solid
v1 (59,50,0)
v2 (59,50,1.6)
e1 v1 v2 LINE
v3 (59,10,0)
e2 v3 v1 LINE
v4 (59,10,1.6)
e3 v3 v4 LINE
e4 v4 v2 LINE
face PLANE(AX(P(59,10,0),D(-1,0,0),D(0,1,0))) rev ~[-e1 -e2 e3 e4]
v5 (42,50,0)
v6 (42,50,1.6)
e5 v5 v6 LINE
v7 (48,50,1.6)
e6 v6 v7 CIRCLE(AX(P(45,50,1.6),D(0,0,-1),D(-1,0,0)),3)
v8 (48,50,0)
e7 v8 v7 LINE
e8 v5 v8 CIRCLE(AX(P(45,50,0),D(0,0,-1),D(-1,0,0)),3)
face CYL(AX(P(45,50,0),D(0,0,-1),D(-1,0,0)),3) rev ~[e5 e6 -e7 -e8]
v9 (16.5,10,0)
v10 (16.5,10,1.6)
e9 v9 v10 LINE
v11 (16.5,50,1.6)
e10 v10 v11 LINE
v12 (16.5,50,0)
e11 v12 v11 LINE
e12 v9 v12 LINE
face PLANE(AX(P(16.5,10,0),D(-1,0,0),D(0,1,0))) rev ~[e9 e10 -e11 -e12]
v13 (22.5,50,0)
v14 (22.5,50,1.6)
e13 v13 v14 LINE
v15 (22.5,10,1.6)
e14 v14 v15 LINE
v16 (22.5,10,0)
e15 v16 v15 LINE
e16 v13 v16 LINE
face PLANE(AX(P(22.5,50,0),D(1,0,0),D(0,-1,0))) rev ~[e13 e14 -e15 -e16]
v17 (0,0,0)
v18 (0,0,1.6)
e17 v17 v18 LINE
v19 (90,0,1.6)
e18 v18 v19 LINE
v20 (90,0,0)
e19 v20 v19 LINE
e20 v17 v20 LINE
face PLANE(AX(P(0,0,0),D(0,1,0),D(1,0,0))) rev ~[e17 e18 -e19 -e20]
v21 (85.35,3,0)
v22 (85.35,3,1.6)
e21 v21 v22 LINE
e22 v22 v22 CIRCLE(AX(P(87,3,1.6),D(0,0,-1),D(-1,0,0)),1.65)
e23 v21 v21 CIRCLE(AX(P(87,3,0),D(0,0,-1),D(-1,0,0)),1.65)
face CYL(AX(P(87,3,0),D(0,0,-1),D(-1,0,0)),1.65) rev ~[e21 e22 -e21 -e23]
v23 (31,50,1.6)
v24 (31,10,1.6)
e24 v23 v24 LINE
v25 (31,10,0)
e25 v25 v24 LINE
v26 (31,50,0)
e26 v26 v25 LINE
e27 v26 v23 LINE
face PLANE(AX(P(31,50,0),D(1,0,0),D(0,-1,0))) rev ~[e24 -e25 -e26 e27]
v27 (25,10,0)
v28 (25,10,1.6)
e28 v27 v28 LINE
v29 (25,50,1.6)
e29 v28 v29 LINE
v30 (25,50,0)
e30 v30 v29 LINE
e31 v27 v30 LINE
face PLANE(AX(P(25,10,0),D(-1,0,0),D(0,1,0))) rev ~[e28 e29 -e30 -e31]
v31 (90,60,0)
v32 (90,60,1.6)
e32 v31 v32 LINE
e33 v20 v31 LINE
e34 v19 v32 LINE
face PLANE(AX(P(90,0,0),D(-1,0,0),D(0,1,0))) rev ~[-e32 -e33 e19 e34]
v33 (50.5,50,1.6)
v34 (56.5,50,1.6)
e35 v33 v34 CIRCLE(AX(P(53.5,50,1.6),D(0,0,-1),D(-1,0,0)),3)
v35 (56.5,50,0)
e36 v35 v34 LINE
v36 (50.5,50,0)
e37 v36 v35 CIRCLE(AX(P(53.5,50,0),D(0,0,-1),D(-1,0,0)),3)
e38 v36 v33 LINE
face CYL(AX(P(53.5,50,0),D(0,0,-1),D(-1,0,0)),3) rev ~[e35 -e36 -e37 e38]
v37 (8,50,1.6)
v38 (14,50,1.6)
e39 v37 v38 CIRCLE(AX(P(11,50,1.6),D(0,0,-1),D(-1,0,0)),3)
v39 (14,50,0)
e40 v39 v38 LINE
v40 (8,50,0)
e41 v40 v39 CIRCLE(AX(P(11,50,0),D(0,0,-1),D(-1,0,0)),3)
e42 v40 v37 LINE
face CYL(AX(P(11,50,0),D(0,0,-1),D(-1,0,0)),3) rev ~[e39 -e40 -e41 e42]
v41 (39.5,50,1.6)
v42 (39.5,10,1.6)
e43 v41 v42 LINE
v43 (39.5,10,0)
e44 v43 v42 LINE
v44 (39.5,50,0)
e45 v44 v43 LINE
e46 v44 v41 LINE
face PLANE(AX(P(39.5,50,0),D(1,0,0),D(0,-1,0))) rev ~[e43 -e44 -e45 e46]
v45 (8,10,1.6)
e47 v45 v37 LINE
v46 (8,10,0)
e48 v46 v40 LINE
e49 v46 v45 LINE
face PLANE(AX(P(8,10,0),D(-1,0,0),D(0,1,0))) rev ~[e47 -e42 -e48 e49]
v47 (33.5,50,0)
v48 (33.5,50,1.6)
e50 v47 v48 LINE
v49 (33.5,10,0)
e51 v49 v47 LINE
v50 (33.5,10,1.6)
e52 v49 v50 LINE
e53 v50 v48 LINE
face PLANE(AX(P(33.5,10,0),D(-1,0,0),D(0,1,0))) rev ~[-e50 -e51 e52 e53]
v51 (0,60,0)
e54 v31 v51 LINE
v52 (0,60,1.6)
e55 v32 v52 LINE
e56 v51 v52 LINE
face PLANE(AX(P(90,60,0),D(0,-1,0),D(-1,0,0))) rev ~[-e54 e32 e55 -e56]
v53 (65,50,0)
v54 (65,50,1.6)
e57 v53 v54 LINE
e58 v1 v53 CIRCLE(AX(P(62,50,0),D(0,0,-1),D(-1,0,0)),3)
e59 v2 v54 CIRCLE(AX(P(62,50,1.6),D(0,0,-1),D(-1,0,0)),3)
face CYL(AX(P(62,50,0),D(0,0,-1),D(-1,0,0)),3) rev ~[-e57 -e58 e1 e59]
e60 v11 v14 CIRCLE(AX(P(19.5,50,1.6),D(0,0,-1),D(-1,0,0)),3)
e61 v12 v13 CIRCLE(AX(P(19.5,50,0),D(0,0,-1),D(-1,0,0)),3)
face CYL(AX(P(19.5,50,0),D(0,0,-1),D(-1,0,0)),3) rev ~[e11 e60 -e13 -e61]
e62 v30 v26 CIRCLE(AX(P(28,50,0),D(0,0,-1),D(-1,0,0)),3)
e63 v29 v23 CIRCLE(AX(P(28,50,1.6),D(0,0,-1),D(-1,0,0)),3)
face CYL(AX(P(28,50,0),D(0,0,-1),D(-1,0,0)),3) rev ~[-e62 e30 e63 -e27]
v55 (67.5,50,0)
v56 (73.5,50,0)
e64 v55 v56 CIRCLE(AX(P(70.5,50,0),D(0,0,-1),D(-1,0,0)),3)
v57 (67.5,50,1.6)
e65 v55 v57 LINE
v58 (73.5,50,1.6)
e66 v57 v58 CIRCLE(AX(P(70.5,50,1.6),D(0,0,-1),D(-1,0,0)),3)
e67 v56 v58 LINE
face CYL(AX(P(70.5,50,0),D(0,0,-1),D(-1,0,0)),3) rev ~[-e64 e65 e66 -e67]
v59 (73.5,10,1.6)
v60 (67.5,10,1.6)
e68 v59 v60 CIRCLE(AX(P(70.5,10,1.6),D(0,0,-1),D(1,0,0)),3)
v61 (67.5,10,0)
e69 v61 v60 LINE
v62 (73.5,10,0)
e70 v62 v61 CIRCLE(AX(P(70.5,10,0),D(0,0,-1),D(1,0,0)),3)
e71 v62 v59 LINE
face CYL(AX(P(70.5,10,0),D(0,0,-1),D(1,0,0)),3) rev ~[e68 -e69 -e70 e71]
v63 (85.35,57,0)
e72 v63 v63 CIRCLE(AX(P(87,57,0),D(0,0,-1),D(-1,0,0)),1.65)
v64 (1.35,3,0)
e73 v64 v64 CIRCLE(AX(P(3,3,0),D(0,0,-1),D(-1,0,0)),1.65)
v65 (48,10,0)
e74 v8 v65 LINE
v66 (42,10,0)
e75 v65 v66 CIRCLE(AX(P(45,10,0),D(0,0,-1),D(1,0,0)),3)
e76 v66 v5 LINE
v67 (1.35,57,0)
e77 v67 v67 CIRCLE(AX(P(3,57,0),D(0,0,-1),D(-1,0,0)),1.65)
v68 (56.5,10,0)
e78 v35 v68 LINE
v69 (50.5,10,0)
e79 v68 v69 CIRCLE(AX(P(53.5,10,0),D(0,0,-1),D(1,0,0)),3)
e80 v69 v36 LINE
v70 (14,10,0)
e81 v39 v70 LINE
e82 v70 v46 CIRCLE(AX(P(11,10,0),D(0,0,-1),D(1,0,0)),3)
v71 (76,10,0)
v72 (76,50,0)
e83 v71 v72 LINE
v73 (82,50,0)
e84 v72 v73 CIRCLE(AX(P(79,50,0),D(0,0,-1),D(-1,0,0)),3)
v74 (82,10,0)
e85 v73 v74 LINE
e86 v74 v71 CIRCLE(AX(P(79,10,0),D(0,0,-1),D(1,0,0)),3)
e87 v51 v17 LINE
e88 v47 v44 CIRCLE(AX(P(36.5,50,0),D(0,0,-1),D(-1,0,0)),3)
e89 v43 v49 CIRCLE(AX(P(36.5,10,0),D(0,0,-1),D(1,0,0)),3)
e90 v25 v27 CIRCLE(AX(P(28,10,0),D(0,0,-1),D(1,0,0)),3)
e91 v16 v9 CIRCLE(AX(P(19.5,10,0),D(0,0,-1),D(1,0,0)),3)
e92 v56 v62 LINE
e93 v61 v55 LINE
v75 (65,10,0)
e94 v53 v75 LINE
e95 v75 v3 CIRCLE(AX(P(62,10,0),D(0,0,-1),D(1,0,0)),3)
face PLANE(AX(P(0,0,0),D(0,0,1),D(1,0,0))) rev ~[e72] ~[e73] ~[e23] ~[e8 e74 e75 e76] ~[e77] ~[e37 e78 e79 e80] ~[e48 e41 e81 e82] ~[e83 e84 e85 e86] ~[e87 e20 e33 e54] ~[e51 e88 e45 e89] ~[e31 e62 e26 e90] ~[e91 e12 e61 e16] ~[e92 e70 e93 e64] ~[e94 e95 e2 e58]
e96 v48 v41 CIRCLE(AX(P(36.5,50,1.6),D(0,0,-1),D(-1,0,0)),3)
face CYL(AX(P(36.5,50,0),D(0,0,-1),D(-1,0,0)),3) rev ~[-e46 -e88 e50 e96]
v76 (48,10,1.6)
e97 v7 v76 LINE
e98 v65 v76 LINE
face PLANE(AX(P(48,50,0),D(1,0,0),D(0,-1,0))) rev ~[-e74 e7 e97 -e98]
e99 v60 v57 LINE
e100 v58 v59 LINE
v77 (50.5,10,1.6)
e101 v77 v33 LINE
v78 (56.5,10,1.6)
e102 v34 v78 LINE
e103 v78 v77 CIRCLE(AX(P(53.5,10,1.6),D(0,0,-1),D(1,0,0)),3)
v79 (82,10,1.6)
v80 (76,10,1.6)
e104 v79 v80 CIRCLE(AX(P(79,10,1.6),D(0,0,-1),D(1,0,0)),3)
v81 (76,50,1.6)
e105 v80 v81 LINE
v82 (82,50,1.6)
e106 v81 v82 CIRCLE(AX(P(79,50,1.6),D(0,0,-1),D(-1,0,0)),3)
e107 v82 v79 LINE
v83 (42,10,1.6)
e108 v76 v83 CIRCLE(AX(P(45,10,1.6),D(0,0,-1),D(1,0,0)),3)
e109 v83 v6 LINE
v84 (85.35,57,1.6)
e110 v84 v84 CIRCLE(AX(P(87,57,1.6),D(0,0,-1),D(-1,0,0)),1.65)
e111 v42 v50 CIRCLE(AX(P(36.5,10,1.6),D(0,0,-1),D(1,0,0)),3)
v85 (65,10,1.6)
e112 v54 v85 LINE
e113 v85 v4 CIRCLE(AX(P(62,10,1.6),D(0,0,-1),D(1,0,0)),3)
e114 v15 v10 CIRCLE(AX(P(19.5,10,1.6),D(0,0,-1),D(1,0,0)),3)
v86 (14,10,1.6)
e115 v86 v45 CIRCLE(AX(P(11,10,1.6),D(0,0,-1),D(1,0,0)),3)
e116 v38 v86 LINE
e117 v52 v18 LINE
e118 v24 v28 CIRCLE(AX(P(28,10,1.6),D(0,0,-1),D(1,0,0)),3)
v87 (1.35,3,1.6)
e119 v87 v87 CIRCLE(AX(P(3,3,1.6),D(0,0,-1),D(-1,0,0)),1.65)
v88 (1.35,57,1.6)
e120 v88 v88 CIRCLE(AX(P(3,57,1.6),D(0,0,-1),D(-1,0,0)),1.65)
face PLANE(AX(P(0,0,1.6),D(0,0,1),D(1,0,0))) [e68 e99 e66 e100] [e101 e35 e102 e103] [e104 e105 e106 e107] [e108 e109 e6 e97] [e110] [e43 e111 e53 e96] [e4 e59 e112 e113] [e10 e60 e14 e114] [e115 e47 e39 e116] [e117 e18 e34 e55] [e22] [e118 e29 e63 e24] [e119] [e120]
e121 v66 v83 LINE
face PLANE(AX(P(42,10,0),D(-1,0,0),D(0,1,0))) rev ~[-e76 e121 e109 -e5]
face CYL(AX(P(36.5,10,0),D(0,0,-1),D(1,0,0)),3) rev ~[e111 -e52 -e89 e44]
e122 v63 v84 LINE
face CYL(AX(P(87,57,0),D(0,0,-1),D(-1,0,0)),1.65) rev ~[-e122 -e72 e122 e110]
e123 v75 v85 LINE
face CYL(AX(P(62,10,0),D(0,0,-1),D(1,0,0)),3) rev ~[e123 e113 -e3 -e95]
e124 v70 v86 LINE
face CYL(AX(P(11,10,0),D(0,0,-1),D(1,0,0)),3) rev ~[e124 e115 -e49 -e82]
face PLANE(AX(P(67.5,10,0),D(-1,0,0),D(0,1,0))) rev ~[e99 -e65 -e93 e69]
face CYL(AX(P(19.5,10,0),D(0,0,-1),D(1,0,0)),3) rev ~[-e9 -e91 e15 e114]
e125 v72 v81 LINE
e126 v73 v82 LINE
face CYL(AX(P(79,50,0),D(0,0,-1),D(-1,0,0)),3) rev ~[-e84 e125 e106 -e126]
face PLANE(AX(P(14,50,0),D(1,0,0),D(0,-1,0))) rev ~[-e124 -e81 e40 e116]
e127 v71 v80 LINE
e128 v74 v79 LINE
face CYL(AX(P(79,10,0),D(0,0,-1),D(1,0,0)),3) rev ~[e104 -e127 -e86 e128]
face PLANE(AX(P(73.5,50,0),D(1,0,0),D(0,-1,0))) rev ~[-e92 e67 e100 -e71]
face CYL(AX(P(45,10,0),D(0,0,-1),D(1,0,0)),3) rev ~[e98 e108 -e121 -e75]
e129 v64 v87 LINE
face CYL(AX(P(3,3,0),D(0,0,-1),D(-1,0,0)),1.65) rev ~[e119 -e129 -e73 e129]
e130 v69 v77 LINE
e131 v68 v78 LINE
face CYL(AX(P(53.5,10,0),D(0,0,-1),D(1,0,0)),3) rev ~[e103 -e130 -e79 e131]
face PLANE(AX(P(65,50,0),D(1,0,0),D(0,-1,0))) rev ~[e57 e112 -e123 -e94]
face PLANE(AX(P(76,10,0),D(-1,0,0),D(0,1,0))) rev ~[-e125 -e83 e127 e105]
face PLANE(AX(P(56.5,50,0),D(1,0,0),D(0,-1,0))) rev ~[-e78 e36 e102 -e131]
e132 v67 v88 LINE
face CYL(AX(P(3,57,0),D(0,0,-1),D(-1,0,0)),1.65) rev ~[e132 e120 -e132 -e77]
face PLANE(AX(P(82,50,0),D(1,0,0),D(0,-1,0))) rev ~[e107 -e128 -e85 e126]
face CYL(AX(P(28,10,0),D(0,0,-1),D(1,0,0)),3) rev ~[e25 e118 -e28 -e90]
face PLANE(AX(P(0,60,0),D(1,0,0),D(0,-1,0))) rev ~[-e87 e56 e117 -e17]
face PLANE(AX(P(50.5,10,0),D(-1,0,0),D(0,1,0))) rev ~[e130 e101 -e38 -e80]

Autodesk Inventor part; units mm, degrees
ref_plane "YZ Plane" through (0, 0, 0) normal (1, 0, 0) x (0, 1, 0)
ref_plane "XZ Plane" through (0, 0, 0) normal (0, 1, 0) x (-1, 0, 0)
ref_plane "XY Plane" through (0, 0, 0) normal (0, 0, 1) x (1, 0, 0)
sketch "Sketch1" plane through (0, 0, 0) normal (0, 0, 1) x (1, 0, 0)
  line L0 (0, 0) -> (90, 0)
  line L1 (90, 0) -> (90, 60)
  line L2 (90, 60) -> (0, 60)
  line L3 (0, 60) -> (0, 0)
  dimension "d0" = 90
  dimension "d1" = 60
extrude "Extrusion1" add sketch "Sketch1" along normal blind 1.6
sketch "Sketch2" plane through (0, 0, 0) normal (0, 0, -1) x (-1, 0, 0)
  circle A0 centre (-3, 3) radius 1.65 projected
  circle A1 centre (-3, 3) radius 1.65 projected
  line L0 (-14, 50) -> (-14, 10) projected
  arc A2 (-14, 10) -> (-8, 10) centre (-11, 10) ccw projected
  line L1 (-48, 50) -> (-48, 10) projected
  arc A3 (-48, 10) -> (-42, 10) centre (-45, 10) ccw projected
  line L2 (-42, 10) -> (-42, 50) projected
  arc A4 (-42, 50) -> (-48, 50) centre (-45, 50) ccw projected
  line L3 (-39.5, 50) -> (-39.5, 10) projected
  arc A5 (-39.5, 10) -> (-33.5, 10) centre (-36.5, 10) ccw projected
  line L4 (-33.5, 10) -> (-33.5, 50) projected
  arc A6 (-33.5, 50) -> (-39.5, 50) centre (-36.5, 50) ccw projected
  line L5 (-31, 50) -> (-31, 10) projected
  arc A7 (-31, 10) -> (-25, 10) centre (-28, 10) ccw projected
  line L6 (-25, 10) -> (-25, 50) projected
  arc A8 (-25, 50) -> (-31, 50) centre (-28, 50) ccw projected
  line L7 (-22.5, 50) -> (-22.5, 10) projected
  arc A9 (-22.5, 10) -> (-16.5, 10) centre (-19.5, 10) ccw projected
  line L8 (-16.5, 10) -> (-16.5, 50) projected
  arc A10 (-16.5, 50) -> (-22.5, 50) centre (-19.5, 50) ccw projected
  line L9 (-8, 10) -> (-8, 50) projected
  arc A11 (-8, 50) -> (-14, 50) centre (-11, 50) ccw projected
  line L10 (-14, 50) -> (-14, 10) projected
  arc A12 (-14, 10) -> (-8, 10) centre (-11, 10) ccw projected
  line L11 (-65, 50) -> (-65, 10) projected
  arc A13 (-65, 10) -> (-59, 10) centre (-62, 10) ccw projected
  line L12 (-59, 10) -> (-59, 50) projected
  arc A14 (-59, 50) -> (-65, 50) centre (-62, 50) ccw projected
  line L13 (-73.5, 50) -> (-73.5, 10) projected
  arc A15 (-73.5, 10) -> (-67.5, 10) centre (-70.5, 10) ccw projected
  line L14 (-67.5, 10) -> (-67.5, 50) projected
  arc A16 (-67.5, 50) -> (-73.5, 50) centre (-70.5, 50) ccw projected
  line L15 (-82, 50) -> (-82, 10) projected
  arc A17 (-82, 10) -> (-76, 10) centre (-79, 10) ccw projected
  line L16 (-76, 10) -> (-76, 50) projected
  arc A18 (-76, 50) -> (-82, 50) centre (-79, 50) ccw projected
  line L17 (-50.5, 10) -> (-50.5, 50) projected
  arc A19 (-50.5, 50) -> (-56.5, 50) centre (-53.5, 50) ccw projected
  line L18 (-56.5, 50) -> (-56.5, 10) projected
  arc A20 (-56.5, 10) -> (-50.5, 10) centre (-53.5, 10) ccw projected
  line L19 (-6, 5) -> (-84, 5) projected
  line L20 (-84, 5) -> (-84, 55) projected
  line L21 (-84, 55) -> (-6, 55) projected
  line L22 (-6, 55) -> (-6, 5) projected
  line L23 (-90, 0) -> (-90, 60) projected
  line L24 (-90, 60) -> (0, 60) projected
  line L25 (0, 60) -> (0, 0) projected
  line L26 (0, 0) -> (-90, 0) projected
  line L27 (-6, 5) -> (-6, 55) projected
  line L28 (-6, 55) -> (-84, 55) projected
  line L29 (-84, 55) -> (-84, 5) projected
  line L30 (-84, 5) -> (-6, 5) projected
  circle A21 centre (-87, 3) radius 1.65 projected
  circle A22 centre (-87, 57) radius 1.65 projected
  circle A23 centre (-3, 57) radius 1.65 projected
  circle A24 centre (-3, 3) radius 1.65 projected
extrude "Extrusion2" cut sketch "Sketch2" against normal blind 1.6 contours A0 | A11 L9 A2 L0 | A4 L2 A3 L1 | A6 L4 A5 L3 | A8 L6 A7 L5 | A10 L8 A9 L7 | A14 L12 A13 L11 | A16 L14 A15 L13 | A18 L16 A17 L15 | A20 L18 A19 L17 | A21 | A22 | A23
properties part number "IntakeFilterBottom" material "PBT Plastic"
